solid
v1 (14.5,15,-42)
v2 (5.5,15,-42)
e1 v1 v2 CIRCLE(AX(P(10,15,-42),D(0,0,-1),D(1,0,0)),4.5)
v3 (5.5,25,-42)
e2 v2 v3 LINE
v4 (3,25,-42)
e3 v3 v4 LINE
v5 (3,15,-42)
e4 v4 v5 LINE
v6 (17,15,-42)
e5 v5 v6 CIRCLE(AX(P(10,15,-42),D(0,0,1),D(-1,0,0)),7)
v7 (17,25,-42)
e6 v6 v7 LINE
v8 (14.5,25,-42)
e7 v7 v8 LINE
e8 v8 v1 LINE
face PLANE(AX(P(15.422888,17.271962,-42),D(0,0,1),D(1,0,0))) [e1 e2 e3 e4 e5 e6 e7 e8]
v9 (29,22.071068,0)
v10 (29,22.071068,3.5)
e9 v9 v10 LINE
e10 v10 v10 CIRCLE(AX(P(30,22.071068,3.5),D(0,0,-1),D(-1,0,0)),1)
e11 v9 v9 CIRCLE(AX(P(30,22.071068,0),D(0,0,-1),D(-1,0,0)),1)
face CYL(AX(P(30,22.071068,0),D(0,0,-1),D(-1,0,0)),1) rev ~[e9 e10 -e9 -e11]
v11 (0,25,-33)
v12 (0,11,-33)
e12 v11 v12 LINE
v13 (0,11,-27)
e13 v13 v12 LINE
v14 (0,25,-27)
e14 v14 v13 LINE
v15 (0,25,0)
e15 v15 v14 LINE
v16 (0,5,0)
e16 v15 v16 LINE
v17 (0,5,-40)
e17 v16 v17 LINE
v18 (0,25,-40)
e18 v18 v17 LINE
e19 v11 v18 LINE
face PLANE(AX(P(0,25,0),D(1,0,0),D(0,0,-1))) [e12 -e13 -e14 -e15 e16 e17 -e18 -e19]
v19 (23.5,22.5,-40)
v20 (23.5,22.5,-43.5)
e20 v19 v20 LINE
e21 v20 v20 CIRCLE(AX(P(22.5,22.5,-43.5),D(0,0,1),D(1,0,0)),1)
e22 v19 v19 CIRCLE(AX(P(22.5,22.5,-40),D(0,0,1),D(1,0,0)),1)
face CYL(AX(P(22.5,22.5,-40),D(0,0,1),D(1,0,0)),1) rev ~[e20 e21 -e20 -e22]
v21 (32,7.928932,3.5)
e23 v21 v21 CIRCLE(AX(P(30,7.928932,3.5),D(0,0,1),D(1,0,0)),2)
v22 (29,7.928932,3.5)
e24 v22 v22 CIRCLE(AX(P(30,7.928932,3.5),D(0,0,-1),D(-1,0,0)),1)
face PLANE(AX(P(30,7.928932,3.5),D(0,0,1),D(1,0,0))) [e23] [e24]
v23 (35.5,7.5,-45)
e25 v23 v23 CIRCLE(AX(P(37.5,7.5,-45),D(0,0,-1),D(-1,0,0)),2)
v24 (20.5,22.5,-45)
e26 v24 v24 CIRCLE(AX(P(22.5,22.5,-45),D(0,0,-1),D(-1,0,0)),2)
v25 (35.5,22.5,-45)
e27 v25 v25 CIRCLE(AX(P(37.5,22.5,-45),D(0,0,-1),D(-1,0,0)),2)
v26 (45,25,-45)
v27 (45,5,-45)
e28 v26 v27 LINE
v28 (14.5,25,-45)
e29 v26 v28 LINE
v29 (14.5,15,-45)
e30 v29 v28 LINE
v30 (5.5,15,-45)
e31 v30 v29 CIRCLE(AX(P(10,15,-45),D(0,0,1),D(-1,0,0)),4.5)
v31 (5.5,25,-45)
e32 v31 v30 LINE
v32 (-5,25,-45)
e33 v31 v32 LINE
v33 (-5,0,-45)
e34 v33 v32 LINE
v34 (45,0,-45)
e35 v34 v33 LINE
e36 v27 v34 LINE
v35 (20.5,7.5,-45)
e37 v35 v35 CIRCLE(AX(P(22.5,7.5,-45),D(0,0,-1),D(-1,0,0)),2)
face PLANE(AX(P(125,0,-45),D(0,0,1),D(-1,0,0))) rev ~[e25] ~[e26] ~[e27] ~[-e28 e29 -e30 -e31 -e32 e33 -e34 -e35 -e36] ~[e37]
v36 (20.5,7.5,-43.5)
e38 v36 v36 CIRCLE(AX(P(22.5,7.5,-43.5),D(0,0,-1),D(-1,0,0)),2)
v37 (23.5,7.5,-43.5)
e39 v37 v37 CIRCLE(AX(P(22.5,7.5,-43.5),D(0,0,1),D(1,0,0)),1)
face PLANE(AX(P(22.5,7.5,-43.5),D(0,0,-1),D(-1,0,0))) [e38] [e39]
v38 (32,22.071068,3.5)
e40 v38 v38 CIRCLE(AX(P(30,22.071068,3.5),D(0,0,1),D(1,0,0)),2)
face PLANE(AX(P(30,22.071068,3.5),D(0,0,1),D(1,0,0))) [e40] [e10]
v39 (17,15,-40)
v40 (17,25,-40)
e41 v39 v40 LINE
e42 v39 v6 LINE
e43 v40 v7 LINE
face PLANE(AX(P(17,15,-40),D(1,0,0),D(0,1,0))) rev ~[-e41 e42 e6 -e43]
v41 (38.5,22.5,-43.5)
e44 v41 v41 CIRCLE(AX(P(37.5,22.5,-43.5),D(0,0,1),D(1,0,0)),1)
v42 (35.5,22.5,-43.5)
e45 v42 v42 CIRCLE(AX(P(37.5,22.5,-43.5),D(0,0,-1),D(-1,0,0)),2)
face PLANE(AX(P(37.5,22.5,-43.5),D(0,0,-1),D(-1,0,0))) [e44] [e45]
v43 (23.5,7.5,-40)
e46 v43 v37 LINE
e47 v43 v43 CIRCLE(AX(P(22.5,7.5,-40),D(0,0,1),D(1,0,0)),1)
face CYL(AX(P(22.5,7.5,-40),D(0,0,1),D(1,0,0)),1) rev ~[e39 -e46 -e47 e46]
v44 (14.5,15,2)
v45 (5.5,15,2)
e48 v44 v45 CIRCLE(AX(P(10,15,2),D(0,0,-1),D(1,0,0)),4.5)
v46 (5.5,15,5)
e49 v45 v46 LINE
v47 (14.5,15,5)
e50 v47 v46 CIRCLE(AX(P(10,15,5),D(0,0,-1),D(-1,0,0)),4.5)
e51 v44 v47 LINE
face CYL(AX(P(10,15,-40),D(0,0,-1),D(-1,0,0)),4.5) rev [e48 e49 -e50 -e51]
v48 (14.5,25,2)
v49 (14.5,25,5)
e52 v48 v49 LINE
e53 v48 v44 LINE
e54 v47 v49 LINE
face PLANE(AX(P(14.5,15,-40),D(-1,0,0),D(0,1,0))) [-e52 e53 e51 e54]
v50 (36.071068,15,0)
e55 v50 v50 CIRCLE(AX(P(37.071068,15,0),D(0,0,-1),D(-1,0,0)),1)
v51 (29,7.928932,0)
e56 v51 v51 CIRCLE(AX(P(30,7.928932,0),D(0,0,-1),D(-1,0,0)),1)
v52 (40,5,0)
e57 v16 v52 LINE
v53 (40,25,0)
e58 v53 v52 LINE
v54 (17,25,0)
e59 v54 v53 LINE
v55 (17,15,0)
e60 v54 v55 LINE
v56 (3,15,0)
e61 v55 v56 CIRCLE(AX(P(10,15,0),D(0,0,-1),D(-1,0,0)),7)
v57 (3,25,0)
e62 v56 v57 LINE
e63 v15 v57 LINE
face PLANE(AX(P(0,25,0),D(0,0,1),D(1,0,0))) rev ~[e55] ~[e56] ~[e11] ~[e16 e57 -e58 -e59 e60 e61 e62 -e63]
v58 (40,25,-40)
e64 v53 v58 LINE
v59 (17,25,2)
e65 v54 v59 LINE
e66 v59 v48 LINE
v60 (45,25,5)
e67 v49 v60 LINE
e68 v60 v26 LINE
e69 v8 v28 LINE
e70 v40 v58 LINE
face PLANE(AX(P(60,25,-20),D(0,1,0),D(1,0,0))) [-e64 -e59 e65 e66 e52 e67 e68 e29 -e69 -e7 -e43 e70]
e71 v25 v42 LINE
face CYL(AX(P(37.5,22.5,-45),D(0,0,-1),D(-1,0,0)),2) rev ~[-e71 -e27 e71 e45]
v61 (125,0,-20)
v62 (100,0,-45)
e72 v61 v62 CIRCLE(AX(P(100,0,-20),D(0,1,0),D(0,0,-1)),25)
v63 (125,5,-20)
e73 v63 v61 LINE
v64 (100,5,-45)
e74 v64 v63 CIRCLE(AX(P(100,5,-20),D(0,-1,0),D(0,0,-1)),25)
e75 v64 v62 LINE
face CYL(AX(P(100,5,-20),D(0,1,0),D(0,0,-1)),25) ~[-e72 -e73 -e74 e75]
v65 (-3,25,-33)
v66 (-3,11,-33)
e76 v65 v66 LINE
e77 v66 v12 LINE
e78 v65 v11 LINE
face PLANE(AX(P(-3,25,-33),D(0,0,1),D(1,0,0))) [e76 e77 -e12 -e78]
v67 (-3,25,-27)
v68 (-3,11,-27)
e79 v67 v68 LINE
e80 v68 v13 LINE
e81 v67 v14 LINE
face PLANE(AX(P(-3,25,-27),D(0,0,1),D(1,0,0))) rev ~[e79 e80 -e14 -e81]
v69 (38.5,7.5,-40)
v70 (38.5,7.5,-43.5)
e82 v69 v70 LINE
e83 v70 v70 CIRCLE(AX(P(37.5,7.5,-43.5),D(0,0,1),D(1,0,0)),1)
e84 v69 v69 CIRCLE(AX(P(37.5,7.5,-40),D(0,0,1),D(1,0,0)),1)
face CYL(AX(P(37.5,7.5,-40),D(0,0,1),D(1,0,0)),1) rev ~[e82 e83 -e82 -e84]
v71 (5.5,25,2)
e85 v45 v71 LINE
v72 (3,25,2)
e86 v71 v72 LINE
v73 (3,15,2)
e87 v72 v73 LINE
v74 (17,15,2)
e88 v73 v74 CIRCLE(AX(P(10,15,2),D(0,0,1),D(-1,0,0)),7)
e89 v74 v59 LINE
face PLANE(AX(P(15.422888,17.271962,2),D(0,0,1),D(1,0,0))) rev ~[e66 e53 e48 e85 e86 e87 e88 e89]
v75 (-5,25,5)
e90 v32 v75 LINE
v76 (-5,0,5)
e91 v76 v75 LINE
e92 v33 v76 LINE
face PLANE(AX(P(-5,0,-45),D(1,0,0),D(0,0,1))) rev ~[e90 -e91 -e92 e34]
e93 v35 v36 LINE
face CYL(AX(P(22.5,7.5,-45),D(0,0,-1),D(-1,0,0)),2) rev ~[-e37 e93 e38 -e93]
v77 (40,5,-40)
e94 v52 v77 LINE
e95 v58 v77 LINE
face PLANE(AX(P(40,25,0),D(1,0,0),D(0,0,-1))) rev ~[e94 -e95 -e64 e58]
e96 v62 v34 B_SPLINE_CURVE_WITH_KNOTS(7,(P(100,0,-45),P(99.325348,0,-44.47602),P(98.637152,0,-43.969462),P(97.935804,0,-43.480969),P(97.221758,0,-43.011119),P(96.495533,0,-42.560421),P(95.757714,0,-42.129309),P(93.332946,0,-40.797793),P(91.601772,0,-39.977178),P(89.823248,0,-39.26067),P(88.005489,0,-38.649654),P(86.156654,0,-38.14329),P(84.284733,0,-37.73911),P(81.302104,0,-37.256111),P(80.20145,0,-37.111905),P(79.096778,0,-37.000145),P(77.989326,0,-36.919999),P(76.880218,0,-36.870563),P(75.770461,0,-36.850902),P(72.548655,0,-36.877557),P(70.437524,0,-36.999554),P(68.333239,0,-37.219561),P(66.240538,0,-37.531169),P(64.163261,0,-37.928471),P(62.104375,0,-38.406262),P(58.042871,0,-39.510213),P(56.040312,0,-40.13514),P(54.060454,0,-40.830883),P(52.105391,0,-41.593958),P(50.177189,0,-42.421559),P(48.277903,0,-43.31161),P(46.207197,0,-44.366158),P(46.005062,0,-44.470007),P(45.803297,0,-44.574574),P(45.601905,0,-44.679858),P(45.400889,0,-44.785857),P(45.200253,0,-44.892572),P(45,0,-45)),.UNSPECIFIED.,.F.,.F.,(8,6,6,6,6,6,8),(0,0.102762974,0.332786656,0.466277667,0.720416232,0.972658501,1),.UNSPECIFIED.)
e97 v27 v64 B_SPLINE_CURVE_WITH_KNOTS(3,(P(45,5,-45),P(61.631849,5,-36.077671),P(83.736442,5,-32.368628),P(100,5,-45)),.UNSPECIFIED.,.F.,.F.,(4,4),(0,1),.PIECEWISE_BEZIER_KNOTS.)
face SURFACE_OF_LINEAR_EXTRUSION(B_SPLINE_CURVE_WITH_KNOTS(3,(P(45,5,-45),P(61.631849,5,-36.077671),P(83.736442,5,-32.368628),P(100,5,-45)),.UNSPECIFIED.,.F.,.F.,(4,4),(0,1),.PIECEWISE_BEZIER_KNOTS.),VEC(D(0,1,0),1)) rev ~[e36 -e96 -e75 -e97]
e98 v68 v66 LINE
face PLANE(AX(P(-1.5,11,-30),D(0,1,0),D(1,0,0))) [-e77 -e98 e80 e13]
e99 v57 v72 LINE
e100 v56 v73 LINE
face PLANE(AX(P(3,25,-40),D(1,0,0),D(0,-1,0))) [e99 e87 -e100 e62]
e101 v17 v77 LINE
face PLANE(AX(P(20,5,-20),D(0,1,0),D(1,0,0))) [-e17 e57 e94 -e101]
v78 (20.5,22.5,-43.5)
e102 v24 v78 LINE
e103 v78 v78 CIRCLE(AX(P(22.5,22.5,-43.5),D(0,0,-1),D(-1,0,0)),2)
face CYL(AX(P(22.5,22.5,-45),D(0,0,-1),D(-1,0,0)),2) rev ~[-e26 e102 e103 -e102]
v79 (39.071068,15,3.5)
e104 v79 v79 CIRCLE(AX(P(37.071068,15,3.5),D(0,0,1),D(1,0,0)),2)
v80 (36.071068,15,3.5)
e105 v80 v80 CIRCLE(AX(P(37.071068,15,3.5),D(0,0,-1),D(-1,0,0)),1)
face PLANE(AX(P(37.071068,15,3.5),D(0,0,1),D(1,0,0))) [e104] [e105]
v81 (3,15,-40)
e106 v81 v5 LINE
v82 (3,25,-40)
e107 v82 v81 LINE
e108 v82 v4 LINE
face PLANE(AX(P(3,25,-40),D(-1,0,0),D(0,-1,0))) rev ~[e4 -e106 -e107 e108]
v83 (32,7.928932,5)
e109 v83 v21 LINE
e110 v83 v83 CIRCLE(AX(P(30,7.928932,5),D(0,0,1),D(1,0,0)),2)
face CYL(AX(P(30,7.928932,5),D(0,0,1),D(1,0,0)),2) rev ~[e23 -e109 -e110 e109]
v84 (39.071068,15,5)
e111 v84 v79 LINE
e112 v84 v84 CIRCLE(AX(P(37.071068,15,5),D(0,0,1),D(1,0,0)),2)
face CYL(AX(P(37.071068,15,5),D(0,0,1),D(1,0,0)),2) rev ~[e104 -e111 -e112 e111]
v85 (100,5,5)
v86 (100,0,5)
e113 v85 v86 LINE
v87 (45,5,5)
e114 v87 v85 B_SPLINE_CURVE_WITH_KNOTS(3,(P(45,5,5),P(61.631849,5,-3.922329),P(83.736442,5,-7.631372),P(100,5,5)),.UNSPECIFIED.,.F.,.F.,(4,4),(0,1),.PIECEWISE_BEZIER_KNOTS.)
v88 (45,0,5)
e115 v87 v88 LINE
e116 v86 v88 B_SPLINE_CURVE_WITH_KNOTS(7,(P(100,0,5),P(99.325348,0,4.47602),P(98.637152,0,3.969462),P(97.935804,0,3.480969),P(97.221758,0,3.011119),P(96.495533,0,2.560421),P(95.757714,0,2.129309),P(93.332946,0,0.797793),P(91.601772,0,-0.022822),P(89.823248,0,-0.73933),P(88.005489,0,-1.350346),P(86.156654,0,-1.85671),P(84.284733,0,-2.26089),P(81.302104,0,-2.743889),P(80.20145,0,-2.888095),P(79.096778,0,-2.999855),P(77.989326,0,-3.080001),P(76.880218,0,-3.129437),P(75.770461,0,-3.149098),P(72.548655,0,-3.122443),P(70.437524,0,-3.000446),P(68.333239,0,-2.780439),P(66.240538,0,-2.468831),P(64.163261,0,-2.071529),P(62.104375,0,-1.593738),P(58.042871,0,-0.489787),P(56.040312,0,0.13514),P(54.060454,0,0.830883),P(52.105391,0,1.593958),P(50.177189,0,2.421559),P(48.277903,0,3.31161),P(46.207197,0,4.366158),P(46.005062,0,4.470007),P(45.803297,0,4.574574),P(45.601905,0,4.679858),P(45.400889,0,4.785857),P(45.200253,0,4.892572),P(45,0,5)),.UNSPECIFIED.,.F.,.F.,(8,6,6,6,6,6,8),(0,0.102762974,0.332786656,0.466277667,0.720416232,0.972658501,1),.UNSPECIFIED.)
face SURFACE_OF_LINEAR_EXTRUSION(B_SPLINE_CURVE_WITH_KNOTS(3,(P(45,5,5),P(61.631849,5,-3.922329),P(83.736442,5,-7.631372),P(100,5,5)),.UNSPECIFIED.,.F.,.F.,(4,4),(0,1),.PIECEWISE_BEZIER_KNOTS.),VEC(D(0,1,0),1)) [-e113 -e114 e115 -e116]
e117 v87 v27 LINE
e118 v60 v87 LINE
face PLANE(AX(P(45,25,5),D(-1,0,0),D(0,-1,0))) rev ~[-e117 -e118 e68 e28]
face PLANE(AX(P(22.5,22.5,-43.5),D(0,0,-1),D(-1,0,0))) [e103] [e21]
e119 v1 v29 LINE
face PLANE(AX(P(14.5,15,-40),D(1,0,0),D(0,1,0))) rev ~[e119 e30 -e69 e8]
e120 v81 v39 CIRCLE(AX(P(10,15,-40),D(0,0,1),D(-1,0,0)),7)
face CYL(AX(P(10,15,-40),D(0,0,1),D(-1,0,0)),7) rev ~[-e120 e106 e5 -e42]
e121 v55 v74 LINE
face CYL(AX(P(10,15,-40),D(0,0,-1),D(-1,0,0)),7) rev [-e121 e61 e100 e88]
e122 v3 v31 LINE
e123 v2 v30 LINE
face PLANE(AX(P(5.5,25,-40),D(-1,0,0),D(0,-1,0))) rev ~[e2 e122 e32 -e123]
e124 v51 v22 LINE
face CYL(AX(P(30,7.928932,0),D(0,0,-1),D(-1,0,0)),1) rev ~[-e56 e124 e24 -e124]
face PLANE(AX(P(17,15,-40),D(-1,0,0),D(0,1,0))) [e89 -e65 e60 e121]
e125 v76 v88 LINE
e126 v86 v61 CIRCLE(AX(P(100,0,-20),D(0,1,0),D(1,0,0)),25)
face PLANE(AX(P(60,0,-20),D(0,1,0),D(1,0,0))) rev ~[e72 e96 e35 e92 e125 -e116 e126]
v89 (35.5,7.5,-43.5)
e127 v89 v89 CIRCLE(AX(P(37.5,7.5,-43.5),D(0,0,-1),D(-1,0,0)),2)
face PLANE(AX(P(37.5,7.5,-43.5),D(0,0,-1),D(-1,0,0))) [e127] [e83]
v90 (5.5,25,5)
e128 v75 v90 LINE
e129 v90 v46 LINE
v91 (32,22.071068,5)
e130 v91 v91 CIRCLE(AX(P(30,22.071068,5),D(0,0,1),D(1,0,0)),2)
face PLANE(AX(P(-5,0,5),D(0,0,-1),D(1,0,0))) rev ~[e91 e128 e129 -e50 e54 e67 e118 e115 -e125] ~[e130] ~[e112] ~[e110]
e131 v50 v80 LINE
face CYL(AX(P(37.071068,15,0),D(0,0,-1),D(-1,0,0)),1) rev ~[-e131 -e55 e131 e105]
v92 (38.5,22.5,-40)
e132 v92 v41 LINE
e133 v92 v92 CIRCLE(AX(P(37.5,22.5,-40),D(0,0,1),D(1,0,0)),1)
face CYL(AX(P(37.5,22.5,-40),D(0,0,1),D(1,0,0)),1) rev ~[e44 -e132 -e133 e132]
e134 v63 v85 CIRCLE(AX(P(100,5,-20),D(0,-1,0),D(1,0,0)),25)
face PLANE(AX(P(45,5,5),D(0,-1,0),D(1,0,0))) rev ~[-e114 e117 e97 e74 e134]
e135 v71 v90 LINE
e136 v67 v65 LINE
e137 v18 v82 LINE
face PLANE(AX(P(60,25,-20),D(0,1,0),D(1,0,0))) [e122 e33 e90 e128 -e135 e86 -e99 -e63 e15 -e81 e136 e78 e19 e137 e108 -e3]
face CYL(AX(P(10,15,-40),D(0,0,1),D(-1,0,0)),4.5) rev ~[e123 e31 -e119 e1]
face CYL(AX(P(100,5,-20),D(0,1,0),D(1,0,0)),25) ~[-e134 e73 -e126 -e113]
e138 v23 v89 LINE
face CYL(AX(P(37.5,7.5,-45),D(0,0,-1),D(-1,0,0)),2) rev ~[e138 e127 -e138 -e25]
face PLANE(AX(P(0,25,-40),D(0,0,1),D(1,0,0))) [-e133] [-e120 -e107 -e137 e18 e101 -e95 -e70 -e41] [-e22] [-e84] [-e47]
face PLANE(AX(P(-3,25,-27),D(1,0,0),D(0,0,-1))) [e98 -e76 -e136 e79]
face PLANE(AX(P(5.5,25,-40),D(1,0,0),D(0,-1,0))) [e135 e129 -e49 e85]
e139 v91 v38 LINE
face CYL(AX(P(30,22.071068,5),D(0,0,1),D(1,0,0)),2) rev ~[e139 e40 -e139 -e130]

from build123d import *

# Parameters (mm, degrees)
SALIENTE_EXTRUIR1_DEPTH    = 25
CROQUIS2_W                 = 40
CROQUIS2_H                 = 40
CORTAR_EXTRUIR1_DEPTH      = 20
CORTAR_EXTRUIR2_DEPTH      = 70
CORTAR_EXTRUIR2_DEPTH_BACK = 20
CORTAR_EXTRUIR3_DEPTH      = 42
CORTAR_EXTRUIR3_DEPTH_BACK = 2
CROQUIS8_R                 = 1
CORTAR_EXTRUIR7_DEPTH      = 10
CROQUIS9_R                 = 1
CORTAR_EXTRUIR8_DEPTH      = 10
CROQUIS10_R                = 2
CORTAR_EXTRUIR9_DEPTH      = 1.5
CROQUIS11_R                = 2
CORTAR_EXTRUIR10_DEPTH     = 1.5
CORTAR_EXTRUIR11_DEPTH     = 70
CORTAR_EXTRUIR12_DEPTH     = 10
CORTAR_EXTRUIR13_DEPTH     = 10
CROQUIS14_W                = 3
CROQUIS14_H                = 6
CORTAR_EXTRUIR14_DEPTH     = 14


with BuildPart() as part:
    # Croquis1 → Saliente-Extruir1 (new body)
    with BuildSketch(Plane(origin=(0, 0, 0), x_dir=(1, 0, 0), z_dir=(0, 1, 0))):
        Polygon((-5, 45), (-5, 0), (-5, -5), (125, -5), (125, 45), align=None)
    extrude(amount=SALIENTE_EXTRUIR1_DEPTH)

    # Croquis2 → Cortar-Extruir1 (cut)
    with BuildSketch(Plane(origin=(0, 25, 0), x_dir=(1, 0, 0), z_dir=(0, 1, 0))):
        with Locations((20, 20)):
            Rectangle(CROQUIS2_W, CROQUIS2_H)
    extrude(amount=-CORTAR_EXTRUIR1_DEPTH, mode=Mode.SUBTRACT)

    # Croquis3 → Cortar-Extruir2 (cut, two sides)
    with BuildSketch(Plane.XY.offset(-40)) as cortar_extruir2_sk:
        with BuildLine():
            ThreePointArc((5.5, 15), (10, 19.5), (14.5, 15))
            Line((14.5, 15), (14.5, 25))
            Line((14.5, 25), (5.5, 25))
            Line((5.5, 25), (5.5, 15))
        make_face()
        with BuildLine():
            ThreePointArc((5.5, 15), (10, 10.5), (14.5, 15))
            Line((14.5, 15), (5.5, 15))
        make_face()
        with BuildLine():
            Line((5.5, 15), (14.5, 15))
            ThreePointArc((14.5, 15), (10, 19.5), (5.5, 15))
        make_face()
    extrude(amount=CORTAR_EXTRUIR2_DEPTH, mode=Mode.SUBTRACT)
    extrude(cortar_extruir2_sk.sketch, amount=-CORTAR_EXTRUIR2_DEPTH_BACK, mode=Mode.SUBTRACT)

    # Croquis4 → Cortar-Extruir3 (cut, two sides)
    with BuildSketch(Plane.XY.offset(-40)) as cortar_extruir3_sk:
        with BuildLine():
            Line((14.5, 15), (17, 15))
            ThreePointArc((17, 15), (16.34428877, 17.958039892), (14.5, 20.361902647))
            Line((14.5, 20.361902647), (14.5, 15))
        make_face()
        with BuildLine():
            ThreePointArc((3, 15), (10, 8), (17, 15))
            Line((17, 15), (14.5, 15))
            ThreePointArc((14.5, 15), (10, 10.5), (5.5, 15))
            Line((5.5, 15), (3, 15))
        make_face()
        with BuildLine():
            ThreePointArc((5.5, 20.361902647), (3.65571123, 17.958039892), (3, 15))
            Line((3, 15), (5.5, 15))
            Line((5.5, 15), (5.5, 20.361902647))
        make_face()
        with BuildLine():
            Line((3, 25), (3, 15))
            ThreePointArc((3, 15), (3.65571123, 17.958039892), (5.5, 20.361902647))
            Line((5.5, 20.361902647), (5.5, 25))
            Line((5.5, 25), (3, 25))
        make_face()
        with BuildLine():
            ThreePointArc((14.5, 20.361902647), (16.34428877, 17.958039892), (17, 15))
            Line((17, 15), (17, 25))
            Line((17, 25), (14.5, 25))
            Line((14.5, 25), (14.5, 20.361902647))
        make_face()
    extrude(amount=CORTAR_EXTRUIR3_DEPTH, mode=Mode.SUBTRACT)
    extrude(cortar_extruir3_sk.sketch, amount=-CORTAR_EXTRUIR3_DEPTH_BACK, mode=Mode.SUBTRACT)

    # Croquis8 → Cortar-Extruir7 (cut)
    with BuildSketch(Plane.XY.offset(-40)):
        with Locations((37.5, 22.5)):
            Circle(CROQUIS8_R)
        with Locations((37.5, 7.5)):
            Circle(CROQUIS8_R)
        with Locations((22.5, 7.5)):
            Circle(CROQUIS8_R)
        with Locations((22.5, 22.5)):
            Circle(CROQUIS8_R)
    extrude(amount=-CORTAR_EXTRUIR7_DEPTH, mode=Mode.SUBTRACT)

    # Croquis9 → Cortar-Extruir8 (cut)
    with BuildSketch(Plane(origin=(0, 0, 0), x_dir=(-1, 0, 0), z_dir=(0, 0, -1))):
        with Locations((-30, 22.071067812)):
            Circle(CROQUIS9_R)
        with Locations((-37.071067812, 15)):
            Circle(CROQUIS9_R)
        with Locations((-30, 7.928932188)):
            Circle(CROQUIS9_R)
    extrude(amount=-CORTAR_EXTRUIR8_DEPTH, mode=Mode.SUBTRACT)

    # Croquis10 → Cortar-Extruir9 (cut)
    with BuildSketch(Plane(origin=(0, 0, -45), x_dir=(-1, 0, 0), z_dir=(0, 0, -1))):
        with Locations((-22.5, 22.5)):
            Circle(CROQUIS10_R)
        with Locations((-22.5, 7.5)):
            Circle(CROQUIS10_R)
        with Locations((-37.5, 7.5)):
            Circle(CROQUIS10_R)
        with Locations((-37.5, 22.5)):
            Circle(CROQUIS10_R)
    extrude(amount=-CORTAR_EXTRUIR9_DEPTH, mode=Mode.SUBTRACT)

    # Croquis11 → Cortar-Extruir10 (cut)
    with BuildSketch(Plane.XY.offset(5)):
        with Locations((30, 22.071067812)):
            Circle(CROQUIS11_R)
        with Locations((37.071067812, 15)):
            Circle(CROQUIS11_R)
        with Locations((30, 7.928932188)):
            Circle(CROQUIS11_R)
    extrude(amount=-CORTAR_EXTRUIR10_DEPTH, mode=Mode.SUBTRACT)

    # Croquis6 → Cortar-Extruir11 (cut)
    with BuildSketch(Plane.XY.offset(5)):
        with BuildLine():
            ThreePointArc((45, 14.616328231), (64.430156973, 7.437849736), (85, 5))
            ThreePointArc((85, 5), (105.569843027, 7.437849736), (125, 14.616328231))
            Line((125, 14.616328231), (125, 25))
            Line((125, 25), (45, 25))
            Line((45, 25), (45, 14.616328231))
        make_face()
        with BuildLine():
            ThreePointArc((125, 14.616328231), (105.569843027, 7.437849736), (85, 5))
            Line((85, 5), (115.083217913, 5))
            ThreePointArc((115.083217913, 5), (120.099831147, 6.87798276), (125, 9.041677006))
            Line((125, 9.041677006), (125, 14.616328231))
        make_face()
        with BuildLine():
            ThreePointArc((125, 9.041677006), (120.099831147, 6.87798276), (115.083217913, 5))
            Line((115.083217913, 5), (125, 5))
            Line((125, 5), (125, 9.041677006))
        make_face()
        with BuildLine():
            Line((54.916782087, 5), (85, 5))
            ThreePointArc((85, 5), (64.430156973, 7.437849736), (45, 14.616328231))
            Line((45, 14.616328231), (45, 9.041677006))
            ThreePointArc((45, 9.041677006), (49.900168853, 6.87798276), (54.916782087, 5))
        make_face()
        with BuildLine():
            Line((45, 5), (54.916782087, 5))
            ThreePointArc((54.916782087, 5), (49.900168853, 6.87798276), (45, 9.041677006))
            Line((45, 9.041677006), (45, 5))
        make_face()
    extrude(amount=-CORTAR_EXTRUIR11_DEPTH, mode=Mode.SUBTRACT)

    # Croquis12 → Cortar-Extruir12 (cut)
    with BuildSketch(Plane(origin=(0, 5, 0), x_dir=(1, 0, 0), z_dir=(0, 1, 0))):
        Polygon((108.263538332, 57.3224396), (100, 45), (125, 45), (125, 20), (125, -5), (100, -5), (92.796515759, -13.049468459), (132.437262959, -23.501277263), (155.434902904, 7.824857744), (139.962048677, 54.254841825), align=None)
        with BuildLine():
            Line((125, -5), (125, 20))
            ThreePointArc((125, 20), (117.67766953, 2.32233047), (100, -5))
            Line((100, -5), (125, -5))
        make_face()
        with BuildLine():
            Line((125, 45), (100, 45))
            ThreePointArc((100, 45), (117.67766953, 37.67766953), (125, 20))
            Line((125, 20), (125, 45))
        make_face()
    extrude(amount=-CORTAR_EXTRUIR12_DEPTH, mode=Mode.SUBTRACT)

    # Croquis13 → Cortar-Extruir13 (cut)
    with BuildSketch(Plane(origin=(0, 5, 0), x_dir=(1, 0, 0), z_dir=(0, 1, 0))):
        with BuildLine():
            Line((100, 45), (136.076424828, 53.027802714))
            Line((136.076424828, 53.027802714), (154.686517999, 18.057188076))
            Line((154.686517999, 18.057188076), (135.411120125, -29.058819331))
            Line((135.411120125, -29.058819331), (100, -5))
            add(Edge.make_bspline(
                [(45, -5), (61.631849348, 3.922329445), (83.736441822, 7.63137214), (100, -5)],
                knots=[0, 0, 0, 0, 1, 1, 1, 1], degree=3))
            Line((45, -5), (-2.569566086, -27.480051403))
            Line((-2.569566086, -27.480051403), (140.150106541, -43.115071719))
            Line((140.150106541, -43.115071719), (174.827779806, 24.436234005))
            Line((174.827779806, 24.436234005), (136.076424828, 62.541584801))
            Line((136.076424828, 62.541584801), (45, 45))
            add(Edge.make_bspline(
                [(45, 45), (61.631849348, 36.077670555), (83.736441822, 32.36862786), (100, 45)],
                knots=[0, 0, 0, 0, 1, 1, 1, 1], degree=3))
        make_face()
    extrude(amount=-CORTAR_EXTRUIR13_DEPTH, mode=Mode.SUBTRACT)

    # Croquis14 → Cortar-Extruir14 (cut)
    with BuildSketch(Plane(origin=(0, 25, 0), x_dir=(1, 0, 0), z_dir=(0, 1, 0))):
        with Locations((-1.5, 30)):
            Rectangle(CROQUIS14_W, CROQUIS14_H)
    extrude(amount=-CORTAR_EXTRUIR14_DEPTH, mode=Mode.SUBTRACT)


solid = part.part
